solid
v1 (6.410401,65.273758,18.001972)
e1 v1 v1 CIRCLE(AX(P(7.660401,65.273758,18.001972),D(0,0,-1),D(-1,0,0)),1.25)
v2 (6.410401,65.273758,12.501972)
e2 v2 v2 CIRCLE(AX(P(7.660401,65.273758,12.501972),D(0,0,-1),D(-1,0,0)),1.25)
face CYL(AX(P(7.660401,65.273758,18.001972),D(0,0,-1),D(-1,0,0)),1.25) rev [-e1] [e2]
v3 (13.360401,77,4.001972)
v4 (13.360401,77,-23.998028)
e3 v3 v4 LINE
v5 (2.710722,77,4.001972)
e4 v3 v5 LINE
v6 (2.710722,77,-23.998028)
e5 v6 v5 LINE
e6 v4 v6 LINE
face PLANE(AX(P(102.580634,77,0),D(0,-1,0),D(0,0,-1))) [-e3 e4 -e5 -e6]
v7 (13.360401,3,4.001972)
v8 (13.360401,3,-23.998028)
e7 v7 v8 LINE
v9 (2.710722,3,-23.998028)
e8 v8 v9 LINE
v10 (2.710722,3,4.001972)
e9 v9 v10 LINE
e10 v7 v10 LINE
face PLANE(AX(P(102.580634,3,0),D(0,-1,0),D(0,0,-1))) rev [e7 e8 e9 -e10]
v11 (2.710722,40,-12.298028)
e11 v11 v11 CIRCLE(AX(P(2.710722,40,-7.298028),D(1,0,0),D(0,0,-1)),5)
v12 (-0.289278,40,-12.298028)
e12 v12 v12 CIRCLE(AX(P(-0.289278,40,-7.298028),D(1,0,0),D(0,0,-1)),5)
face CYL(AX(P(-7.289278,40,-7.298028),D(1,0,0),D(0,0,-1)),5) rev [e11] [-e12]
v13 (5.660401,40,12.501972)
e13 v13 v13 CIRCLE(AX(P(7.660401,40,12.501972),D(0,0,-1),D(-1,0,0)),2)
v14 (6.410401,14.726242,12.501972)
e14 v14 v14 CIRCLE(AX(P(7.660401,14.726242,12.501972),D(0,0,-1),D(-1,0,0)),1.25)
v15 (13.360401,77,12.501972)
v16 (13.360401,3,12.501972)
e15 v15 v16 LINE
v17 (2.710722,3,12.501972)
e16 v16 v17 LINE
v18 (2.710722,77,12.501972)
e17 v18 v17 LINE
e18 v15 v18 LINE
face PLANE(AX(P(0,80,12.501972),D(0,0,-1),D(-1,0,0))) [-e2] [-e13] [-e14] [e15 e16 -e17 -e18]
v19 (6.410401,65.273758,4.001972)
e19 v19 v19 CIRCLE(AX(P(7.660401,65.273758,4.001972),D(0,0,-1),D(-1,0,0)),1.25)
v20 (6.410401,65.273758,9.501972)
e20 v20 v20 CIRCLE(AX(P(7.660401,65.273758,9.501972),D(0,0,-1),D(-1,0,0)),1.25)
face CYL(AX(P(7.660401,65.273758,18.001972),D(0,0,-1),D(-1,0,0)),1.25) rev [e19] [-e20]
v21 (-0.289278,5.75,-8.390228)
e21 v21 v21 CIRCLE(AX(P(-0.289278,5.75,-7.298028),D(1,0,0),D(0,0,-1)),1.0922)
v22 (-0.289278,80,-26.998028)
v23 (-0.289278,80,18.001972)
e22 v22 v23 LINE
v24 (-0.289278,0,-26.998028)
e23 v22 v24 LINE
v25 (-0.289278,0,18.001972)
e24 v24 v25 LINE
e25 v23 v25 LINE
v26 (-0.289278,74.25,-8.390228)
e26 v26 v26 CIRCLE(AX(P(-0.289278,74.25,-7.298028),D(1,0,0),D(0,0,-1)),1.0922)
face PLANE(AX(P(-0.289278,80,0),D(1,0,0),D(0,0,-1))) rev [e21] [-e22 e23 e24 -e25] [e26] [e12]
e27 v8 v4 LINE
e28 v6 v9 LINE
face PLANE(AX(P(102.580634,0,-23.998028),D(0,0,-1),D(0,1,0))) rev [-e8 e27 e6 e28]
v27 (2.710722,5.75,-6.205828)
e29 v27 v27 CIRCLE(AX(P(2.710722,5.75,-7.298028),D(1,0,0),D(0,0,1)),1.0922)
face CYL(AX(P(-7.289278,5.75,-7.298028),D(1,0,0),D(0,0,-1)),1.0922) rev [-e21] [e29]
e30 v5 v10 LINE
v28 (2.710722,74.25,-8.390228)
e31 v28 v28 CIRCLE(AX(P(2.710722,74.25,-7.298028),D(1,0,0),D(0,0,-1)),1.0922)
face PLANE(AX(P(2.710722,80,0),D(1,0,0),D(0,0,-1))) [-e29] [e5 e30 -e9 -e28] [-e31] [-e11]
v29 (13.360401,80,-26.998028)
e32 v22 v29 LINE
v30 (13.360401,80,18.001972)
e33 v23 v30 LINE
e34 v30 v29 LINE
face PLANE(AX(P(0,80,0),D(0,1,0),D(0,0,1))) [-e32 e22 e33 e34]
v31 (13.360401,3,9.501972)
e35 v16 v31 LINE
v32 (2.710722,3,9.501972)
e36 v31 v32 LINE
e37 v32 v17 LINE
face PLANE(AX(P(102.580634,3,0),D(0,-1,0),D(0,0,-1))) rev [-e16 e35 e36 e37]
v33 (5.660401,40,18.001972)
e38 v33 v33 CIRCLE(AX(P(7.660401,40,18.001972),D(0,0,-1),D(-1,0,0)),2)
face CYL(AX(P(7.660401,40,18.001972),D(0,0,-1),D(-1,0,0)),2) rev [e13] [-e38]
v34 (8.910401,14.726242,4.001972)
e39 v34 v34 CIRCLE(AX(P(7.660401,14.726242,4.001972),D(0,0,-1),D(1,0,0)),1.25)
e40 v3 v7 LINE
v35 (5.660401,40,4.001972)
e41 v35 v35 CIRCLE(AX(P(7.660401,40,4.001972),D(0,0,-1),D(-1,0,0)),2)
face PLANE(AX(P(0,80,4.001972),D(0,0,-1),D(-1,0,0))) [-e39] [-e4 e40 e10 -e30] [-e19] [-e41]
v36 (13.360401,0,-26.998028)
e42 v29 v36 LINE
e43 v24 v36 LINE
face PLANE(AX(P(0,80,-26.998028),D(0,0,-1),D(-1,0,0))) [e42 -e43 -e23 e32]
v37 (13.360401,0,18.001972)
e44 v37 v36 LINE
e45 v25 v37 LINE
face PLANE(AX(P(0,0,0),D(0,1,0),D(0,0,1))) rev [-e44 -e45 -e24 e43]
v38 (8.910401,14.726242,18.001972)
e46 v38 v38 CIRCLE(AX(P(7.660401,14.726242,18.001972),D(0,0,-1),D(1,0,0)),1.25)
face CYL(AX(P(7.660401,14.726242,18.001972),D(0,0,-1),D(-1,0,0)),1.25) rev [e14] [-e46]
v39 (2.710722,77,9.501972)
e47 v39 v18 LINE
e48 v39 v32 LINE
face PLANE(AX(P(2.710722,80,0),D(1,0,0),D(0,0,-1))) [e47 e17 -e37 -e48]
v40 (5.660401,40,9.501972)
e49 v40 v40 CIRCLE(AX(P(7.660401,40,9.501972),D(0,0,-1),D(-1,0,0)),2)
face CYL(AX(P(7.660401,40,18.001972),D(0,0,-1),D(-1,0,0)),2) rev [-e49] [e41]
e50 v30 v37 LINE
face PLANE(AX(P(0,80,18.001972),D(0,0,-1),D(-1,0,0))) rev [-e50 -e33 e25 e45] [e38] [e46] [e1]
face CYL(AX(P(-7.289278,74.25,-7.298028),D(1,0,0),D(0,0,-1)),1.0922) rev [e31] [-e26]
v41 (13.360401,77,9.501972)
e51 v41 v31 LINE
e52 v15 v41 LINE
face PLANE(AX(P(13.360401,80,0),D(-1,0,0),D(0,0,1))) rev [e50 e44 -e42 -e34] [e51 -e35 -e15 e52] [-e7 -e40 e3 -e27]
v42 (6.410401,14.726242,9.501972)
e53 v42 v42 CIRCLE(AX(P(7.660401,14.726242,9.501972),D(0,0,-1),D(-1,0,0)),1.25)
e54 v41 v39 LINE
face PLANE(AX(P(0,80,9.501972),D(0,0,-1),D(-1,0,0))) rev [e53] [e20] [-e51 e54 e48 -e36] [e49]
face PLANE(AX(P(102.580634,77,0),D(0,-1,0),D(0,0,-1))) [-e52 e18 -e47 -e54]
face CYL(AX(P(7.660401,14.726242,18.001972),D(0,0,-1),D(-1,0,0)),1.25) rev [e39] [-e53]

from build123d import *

# Parameters (mm, degrees)
SKETCH1_W           = 10.6496793
SKETCH1_H           = 5.5
SKETCH1_W_2         = 3
SKETCH1_H_2         = 45
BOSS_EXTRUDE1_DEPTH = 80
SKETCH2_R           = 2
SKETCH2_R_2         = 1.25
CUT_EXTRUDE1_DEPTH  = 87.830296046
SKETCH3_R           = 5
SKETCH3_R_2         = 1.0922
CUT_EXTRUDE2_DEPTH  = 10
SKETCH4_W           = 28
SKETCH4_H           = 3
SKETCH4_W_2         = 8.5
BOSS_EXTRUDE2_DEPTH = 10.6496793


with BuildPart() as part:
    # Sketch1 → Boss-Extrude1 (new body)
    with BuildSketch(Plane(origin=(0, 0, 0), x_dir=(1, 0, 0), z_dir=(0, 1, 0))):
        with Locations((8.035561223, -6.751971663)):
            Rectangle(SKETCH1_W, SKETCH1_H)
        with Locations((1.210721573, 4.498028337)):
            Rectangle(SKETCH1_W_2, SKETCH1_H_2)
        with Locations((8.035561223, -15.251971663)):
            Rectangle(SKETCH1_W, SKETCH1_H)
    extrude(amount=BOSS_EXTRUDE1_DEPTH)

    # Sketch2 → Cut-Extrude1 (cut, through all)
    with BuildSketch(Plane(origin=(0, 0, 4.001971663), x_dir=(-1, 0, 0), z_dir=(0, 0, -1))):
        with Locations((-7.660400873, 40)):
            Circle(SKETCH2_R)
        with Locations((-7.660400873, 65.273758001)):
            Circle(SKETCH2_R_2)
        with Locations((-7.660400873, 14.726241999)):
            Circle(SKETCH2_R_2)
    extrude(amount=-CUT_EXTRUDE1_DEPTH, mode=Mode.SUBTRACT)

    # Sketch3 → Cut-Extrude2 (cut)
    with BuildSketch(Plane(origin=(2.710721573, 0, 0), x_dir=(0, 0, -1), z_dir=(1, 0, 0))):
        with Locations((7.298028337, 40)):
            Circle(SKETCH3_R)
        with Locations((7.298028337, 74.25)):
            Circle(SKETCH3_R_2)
        with Locations((7.298028337, 5.75)):
            Circle(SKETCH3_R_2)
    extrude(amount=-CUT_EXTRUDE2_DEPTH, mode=Mode.SUBTRACT)

    # Sketch4 → Boss-Extrude2 (add)
    with BuildSketch(Plane(origin=(2.710721573, 0, 0), x_dir=(0, 0, -1), z_dir=(1, 0, 0))):
        Polygon((26.998028337, 0), (26.998028337, 80), (23.998028337, 80), (23.998028337, 77), (23.998028337, 3), (23.998028337, 0), align=None)
        with Locations((9.998028337, 78.5)):
            Rectangle(SKETCH4_W, SKETCH4_H)
        with Locations((9.998028337, 1.5)):
            Rectangle(SKETCH4_W, SKETCH4_H)
        with Locations((-8.251971663, 78.5)):
            Rectangle(SKETCH4_W_2, SKETCH4_H)
        with Locations((-8.251971663, 1.5)):
            Rectangle(SKETCH4_W_2, SKETCH4_H)
    extrude(amount=BOSS_EXTRUDE2_DEPTH)


solid = part.part
